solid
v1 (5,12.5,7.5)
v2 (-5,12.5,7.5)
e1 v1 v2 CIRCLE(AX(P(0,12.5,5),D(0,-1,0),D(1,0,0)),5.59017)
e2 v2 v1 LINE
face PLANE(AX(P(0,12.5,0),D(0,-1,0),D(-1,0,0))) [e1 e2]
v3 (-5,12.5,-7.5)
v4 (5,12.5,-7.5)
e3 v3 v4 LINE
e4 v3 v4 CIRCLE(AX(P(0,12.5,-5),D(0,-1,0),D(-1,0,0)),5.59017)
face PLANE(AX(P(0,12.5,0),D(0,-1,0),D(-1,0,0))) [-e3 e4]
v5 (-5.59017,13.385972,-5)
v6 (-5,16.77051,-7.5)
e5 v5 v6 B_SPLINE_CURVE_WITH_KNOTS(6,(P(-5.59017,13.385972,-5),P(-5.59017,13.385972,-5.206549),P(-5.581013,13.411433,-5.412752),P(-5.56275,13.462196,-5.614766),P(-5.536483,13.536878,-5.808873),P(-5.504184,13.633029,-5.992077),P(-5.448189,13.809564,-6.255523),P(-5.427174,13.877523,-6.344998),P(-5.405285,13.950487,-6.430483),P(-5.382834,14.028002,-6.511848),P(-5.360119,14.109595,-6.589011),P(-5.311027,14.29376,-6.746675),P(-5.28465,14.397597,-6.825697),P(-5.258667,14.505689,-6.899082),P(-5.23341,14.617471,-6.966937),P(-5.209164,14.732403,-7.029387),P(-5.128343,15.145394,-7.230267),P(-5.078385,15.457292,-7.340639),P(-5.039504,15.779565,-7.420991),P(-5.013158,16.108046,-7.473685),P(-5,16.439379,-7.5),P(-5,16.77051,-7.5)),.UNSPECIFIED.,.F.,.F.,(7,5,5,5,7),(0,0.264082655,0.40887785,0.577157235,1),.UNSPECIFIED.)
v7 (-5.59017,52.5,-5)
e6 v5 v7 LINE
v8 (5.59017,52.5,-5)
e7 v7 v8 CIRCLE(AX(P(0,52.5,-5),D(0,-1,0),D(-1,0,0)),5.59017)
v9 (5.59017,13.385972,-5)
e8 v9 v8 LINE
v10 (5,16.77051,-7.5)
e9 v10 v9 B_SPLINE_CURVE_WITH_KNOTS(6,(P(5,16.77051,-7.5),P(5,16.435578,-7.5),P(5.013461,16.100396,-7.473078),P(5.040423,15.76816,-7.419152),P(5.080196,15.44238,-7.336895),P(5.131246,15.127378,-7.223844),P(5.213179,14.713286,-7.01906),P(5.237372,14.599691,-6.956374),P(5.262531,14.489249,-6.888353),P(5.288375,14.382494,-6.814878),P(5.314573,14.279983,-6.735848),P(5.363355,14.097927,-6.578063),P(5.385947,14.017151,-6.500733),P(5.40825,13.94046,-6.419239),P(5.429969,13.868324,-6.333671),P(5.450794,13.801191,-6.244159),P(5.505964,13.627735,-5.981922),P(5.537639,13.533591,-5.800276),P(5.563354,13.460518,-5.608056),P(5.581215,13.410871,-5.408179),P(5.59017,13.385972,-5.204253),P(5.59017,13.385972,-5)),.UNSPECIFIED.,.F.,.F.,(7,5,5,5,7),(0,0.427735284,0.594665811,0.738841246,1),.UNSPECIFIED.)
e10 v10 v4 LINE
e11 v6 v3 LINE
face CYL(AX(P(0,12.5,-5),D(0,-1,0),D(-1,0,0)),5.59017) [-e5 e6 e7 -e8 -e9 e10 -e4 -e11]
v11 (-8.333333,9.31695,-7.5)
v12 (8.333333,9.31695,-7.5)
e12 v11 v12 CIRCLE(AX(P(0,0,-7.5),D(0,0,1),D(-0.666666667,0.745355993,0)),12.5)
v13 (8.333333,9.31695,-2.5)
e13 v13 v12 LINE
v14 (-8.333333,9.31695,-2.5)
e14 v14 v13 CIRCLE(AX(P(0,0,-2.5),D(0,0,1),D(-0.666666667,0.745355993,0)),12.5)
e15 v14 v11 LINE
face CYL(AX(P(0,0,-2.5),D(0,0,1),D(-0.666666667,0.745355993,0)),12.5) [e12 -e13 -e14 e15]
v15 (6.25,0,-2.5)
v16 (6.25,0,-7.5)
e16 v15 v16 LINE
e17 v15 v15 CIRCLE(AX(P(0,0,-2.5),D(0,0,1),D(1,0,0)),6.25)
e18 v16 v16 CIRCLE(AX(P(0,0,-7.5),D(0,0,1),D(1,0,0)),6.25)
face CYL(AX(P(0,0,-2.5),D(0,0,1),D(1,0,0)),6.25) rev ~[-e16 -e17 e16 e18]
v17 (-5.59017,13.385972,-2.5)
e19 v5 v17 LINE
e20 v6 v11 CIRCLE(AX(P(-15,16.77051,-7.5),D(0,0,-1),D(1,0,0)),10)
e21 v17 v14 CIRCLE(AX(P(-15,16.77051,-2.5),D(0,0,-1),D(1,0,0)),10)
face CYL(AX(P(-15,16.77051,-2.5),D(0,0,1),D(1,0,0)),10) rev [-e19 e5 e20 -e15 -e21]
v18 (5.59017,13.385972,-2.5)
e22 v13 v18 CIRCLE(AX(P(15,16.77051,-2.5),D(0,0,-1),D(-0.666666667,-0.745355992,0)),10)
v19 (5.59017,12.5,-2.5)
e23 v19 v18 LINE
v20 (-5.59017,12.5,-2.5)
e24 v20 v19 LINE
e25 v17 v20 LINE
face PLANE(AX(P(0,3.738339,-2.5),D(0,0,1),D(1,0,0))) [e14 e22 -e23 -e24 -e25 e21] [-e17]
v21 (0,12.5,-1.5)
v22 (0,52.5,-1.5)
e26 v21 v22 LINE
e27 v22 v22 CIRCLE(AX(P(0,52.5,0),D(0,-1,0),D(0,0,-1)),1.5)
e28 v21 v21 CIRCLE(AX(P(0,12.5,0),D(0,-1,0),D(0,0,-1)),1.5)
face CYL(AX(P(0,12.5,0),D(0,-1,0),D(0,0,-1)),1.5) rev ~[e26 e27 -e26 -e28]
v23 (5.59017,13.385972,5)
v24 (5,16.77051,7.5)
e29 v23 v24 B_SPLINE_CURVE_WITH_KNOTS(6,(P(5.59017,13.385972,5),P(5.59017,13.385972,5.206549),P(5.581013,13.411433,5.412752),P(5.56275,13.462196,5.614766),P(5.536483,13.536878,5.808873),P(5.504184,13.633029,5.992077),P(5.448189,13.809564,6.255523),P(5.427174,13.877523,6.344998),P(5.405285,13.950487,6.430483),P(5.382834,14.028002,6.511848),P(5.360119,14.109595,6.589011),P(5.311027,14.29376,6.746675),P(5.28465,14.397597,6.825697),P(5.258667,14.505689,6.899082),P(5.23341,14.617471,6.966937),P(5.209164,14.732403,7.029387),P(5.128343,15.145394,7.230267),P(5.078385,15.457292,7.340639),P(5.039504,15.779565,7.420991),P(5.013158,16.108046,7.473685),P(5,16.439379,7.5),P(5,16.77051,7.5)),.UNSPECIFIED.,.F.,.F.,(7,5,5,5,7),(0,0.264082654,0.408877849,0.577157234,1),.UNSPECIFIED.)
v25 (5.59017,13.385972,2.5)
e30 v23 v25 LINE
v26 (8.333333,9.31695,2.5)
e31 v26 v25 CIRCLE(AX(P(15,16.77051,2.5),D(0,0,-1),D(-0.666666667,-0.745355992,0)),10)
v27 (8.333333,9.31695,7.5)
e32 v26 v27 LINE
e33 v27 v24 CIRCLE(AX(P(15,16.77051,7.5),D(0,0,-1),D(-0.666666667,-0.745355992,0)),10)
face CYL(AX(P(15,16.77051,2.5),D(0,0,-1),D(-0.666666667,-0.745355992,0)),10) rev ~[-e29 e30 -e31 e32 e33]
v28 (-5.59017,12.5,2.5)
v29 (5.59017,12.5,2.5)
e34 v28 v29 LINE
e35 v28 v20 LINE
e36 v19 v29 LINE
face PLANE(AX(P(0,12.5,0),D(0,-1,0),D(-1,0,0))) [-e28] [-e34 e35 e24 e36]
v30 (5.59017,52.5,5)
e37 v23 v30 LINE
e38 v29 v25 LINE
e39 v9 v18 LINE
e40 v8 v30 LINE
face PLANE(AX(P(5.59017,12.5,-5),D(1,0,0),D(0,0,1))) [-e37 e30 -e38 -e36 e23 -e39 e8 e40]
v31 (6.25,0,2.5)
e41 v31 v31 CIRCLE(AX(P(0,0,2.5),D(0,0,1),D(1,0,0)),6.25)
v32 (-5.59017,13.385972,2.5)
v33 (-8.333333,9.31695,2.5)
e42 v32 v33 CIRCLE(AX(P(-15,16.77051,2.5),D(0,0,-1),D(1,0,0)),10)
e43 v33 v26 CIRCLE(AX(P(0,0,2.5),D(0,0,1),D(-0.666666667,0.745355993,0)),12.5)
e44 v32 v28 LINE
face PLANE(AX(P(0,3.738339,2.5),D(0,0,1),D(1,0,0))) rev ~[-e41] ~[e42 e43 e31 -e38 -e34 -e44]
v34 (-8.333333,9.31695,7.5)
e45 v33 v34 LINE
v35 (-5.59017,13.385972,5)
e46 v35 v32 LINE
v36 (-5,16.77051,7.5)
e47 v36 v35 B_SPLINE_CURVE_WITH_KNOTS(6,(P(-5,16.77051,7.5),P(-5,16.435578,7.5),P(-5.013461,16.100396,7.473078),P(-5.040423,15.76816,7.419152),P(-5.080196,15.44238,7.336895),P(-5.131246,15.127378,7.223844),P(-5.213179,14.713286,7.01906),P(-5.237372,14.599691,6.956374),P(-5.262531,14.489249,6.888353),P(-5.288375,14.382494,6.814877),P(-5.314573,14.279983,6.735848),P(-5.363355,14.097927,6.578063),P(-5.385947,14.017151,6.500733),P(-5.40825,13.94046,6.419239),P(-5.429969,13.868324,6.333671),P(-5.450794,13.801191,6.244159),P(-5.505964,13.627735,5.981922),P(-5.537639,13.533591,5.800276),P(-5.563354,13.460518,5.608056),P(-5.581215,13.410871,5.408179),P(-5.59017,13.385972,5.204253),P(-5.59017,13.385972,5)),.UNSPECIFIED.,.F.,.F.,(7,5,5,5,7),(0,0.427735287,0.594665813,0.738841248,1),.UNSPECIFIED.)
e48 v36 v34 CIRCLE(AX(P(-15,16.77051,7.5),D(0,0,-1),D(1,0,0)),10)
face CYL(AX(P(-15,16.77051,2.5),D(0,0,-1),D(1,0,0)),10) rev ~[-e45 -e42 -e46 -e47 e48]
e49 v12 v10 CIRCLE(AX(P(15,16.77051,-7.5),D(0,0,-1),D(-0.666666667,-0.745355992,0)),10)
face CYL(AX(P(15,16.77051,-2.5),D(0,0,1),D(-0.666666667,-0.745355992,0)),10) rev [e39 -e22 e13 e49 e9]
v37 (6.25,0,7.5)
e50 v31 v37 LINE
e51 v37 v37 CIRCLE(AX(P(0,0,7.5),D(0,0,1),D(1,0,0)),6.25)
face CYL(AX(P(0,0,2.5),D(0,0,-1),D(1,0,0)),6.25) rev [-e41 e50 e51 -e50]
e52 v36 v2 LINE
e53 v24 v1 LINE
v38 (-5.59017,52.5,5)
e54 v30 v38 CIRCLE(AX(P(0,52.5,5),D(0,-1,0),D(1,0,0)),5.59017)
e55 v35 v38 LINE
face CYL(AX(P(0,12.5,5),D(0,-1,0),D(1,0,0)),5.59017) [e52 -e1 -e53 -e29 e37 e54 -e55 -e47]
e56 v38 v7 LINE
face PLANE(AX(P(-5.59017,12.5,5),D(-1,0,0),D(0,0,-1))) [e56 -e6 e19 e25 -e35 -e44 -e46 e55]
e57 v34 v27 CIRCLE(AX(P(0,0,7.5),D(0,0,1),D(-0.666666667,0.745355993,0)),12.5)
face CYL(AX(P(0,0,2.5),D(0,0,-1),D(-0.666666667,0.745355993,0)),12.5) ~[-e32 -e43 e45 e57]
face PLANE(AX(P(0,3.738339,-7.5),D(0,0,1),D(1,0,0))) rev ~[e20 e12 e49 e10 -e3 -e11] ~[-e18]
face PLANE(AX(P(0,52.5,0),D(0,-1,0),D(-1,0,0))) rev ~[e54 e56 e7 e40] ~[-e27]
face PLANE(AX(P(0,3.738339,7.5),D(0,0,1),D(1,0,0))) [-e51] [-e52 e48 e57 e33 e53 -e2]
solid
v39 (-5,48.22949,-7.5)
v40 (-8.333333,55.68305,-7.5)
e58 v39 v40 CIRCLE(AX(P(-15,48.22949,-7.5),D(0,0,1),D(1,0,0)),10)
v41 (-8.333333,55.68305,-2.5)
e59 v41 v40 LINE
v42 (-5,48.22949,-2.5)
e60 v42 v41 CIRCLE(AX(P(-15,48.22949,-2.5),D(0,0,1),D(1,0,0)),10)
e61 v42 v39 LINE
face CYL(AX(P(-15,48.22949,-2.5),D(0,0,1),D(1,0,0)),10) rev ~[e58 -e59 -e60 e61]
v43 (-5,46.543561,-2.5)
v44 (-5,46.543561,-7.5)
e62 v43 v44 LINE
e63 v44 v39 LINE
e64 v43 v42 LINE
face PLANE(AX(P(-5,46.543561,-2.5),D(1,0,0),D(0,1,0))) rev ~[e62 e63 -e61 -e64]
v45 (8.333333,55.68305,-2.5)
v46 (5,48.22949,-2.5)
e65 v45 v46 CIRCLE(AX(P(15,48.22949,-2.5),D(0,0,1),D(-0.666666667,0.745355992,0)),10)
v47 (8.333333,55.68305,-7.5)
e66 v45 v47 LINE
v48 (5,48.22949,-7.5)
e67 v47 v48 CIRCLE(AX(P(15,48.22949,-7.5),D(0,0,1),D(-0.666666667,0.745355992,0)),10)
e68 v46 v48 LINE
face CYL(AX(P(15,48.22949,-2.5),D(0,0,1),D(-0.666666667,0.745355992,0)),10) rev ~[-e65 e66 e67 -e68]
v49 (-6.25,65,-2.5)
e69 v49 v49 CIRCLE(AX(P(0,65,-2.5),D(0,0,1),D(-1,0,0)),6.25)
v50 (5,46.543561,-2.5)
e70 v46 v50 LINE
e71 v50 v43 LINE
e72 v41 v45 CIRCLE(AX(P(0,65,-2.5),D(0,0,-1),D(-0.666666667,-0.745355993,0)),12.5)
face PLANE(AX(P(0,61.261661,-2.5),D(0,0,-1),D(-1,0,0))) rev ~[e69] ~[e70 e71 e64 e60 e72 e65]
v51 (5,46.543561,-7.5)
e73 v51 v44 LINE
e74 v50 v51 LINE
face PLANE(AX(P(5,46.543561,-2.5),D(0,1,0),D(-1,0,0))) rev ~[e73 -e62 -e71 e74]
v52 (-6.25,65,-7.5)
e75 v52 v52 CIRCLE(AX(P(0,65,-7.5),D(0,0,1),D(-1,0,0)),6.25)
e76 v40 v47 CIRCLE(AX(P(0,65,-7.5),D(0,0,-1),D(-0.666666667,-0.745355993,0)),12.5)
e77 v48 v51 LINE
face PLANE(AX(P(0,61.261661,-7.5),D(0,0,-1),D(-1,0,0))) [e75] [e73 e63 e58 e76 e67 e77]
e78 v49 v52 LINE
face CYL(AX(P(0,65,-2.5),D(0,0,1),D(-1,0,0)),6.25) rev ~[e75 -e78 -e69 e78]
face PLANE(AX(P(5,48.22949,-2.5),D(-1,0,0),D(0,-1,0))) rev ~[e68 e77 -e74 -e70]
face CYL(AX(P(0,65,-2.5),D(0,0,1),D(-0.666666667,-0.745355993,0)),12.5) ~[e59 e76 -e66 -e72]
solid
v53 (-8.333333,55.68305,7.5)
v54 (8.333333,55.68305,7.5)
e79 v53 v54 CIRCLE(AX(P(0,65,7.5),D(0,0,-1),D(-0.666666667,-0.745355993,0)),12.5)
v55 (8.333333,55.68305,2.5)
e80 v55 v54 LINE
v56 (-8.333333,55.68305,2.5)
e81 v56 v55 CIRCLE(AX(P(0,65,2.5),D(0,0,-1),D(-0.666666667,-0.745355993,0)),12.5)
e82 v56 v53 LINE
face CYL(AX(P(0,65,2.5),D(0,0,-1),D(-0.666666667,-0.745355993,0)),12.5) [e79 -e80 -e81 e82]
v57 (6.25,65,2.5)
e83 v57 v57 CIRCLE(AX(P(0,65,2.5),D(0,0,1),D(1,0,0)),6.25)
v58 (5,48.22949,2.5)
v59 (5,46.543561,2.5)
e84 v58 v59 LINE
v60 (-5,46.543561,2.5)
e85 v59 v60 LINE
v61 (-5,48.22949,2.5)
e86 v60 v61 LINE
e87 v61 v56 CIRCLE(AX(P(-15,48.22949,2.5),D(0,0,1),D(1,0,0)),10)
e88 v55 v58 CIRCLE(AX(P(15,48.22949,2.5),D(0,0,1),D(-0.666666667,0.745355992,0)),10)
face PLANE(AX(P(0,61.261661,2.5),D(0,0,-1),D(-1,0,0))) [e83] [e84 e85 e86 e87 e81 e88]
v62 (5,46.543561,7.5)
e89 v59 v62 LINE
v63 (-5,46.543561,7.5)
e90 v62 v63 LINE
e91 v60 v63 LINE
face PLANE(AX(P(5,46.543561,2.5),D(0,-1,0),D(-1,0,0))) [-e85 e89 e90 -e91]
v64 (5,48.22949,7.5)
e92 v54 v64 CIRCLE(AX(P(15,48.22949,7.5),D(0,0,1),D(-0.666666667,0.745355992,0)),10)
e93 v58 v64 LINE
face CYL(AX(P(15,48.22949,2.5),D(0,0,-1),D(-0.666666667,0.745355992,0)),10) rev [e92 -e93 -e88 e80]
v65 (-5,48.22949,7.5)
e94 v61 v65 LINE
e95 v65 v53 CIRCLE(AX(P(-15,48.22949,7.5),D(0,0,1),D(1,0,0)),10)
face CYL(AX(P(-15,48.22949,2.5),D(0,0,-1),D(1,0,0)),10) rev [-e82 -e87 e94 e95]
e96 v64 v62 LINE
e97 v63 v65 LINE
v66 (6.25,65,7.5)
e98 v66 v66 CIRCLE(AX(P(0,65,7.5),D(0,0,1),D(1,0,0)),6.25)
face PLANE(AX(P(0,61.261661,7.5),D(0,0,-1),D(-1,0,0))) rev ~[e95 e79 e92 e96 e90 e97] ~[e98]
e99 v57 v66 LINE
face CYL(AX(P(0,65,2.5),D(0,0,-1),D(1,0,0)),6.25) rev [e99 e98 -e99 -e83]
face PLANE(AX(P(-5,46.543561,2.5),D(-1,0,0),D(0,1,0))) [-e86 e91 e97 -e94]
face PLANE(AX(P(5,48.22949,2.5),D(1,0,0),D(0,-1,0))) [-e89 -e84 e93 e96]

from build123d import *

# Parameters (mm, degrees)
BOSS_EXTRUDE1_START   = 2.5
SKETCH1_R             = 6.25
BOSS_EXTRUDE1_DEPTH   = 5
BOSS_EXTRUDE1_2_DEPTH = 5
BOSS_EXTRUDE2_START   = -2.5
SKETCH1_2_R           = 6.25
BOSS_EXTRUDE2_DEPTH   = 5
BOSS_EXTRUDE2_2_DEPTH = 5
BOSS_EXTRUDE3_START   = 12.5
BOSS_EXTRUDE3_DEPTH   = 40
SKETCH3_R             = 1.5
CUT_EXTRUDE1_DEPTH    = 64


with BuildPart() as part:
    # Sketch1 → Boss-Extrude1 (new body)
    with BuildSketch(Plane.XY.offset(BOSS_EXTRUDE1_START)):
        with BuildLine():
            Line((5, 16.770509831), (5, 18.456439237))
            Line((5, 18.456439237), (-5, 18.456439237))
            Line((-5, 18.456439237), (-5, 16.770509831))
            ThreePointArc((-5, 16.770509831), (-5.871290708, 12.688026927), (-8.333333333, 9.316949906))
            ThreePointArc((-8.333333333, 9.316949906), (0, -12.5), (8.333333333, 9.316949906))
            ThreePointArc((8.333333333, 9.316949906), (5.871290708, 12.688026927), (5, 16.770509831))
        make_face()
        Circle(SKETCH1_R, mode=Mode.SUBTRACT)
    extrude(amount=BOSS_EXTRUDE1_DEPTH)



with BuildPart() as body_2:
    # Sketch1 → Boss-Extrude1 2 (new body)
    with BuildSketch(Plane.XY.offset(BOSS_EXTRUDE1_START)):
        with BuildLine():
            Line((-5, 48.229490169), (-5, 46.543560763))
            Line((-5, 46.543560763), (5, 46.543560763))
            Line((5, 46.543560763), (5, 48.229490169))
            ThreePointArc((5, 48.229490169), (5.871290708, 52.311973073), (8.333333333, 55.683050094))
            ThreePointArc((8.333333333, 55.683050094), (0, 77.5), (-8.333333333, 55.683050094))
            ThreePointArc((-8.333333333, 55.683050094), (-5.871290708, 52.311973073), (-5, 48.229490169))
        make_face()
        with Locations((0, 65)):
            Circle(SKETCH1_R, mode=Mode.SUBTRACT)
    extrude(amount=BOSS_EXTRUDE1_2_DEPTH)


with BuildPart() as body_3:
    # Sketch1<2> → Boss-Extrude2 (new body)
    with BuildSketch(Plane.XY.offset(BOSS_EXTRUDE2_START)):
        with BuildLine():
            Line((5, 16.770509831), (5, 18.456439237))
            Line((5, 18.456439237), (-5, 18.456439237))
            Line((-5, 18.456439237), (-5, 16.770509831))
            ThreePointArc((-5, 16.770509831), (-5.871290708, 12.688026927), (-8.333333333, 9.316949906))
            ThreePointArc((-8.333333333, 9.316949906), (0, -12.5), (8.333333333, 9.316949906))
            ThreePointArc((8.333333333, 9.316949906), (5.871290708, 12.688026927), (5, 16.770509831))
        make_face()
        Circle(SKETCH1_2_R, mode=Mode.SUBTRACT)
    extrude(amount=-BOSS_EXTRUDE2_DEPTH)


with BuildPart() as body_4:
    # Sketch1<2> → Boss-Extrude2 2 (new body)
    with BuildSketch(Plane.XY.offset(BOSS_EXTRUDE2_START)):
        with BuildLine():
            Line((-5, 48.229490169), (-5, 46.543560763))
            Line((-5, 46.543560763), (5, 46.543560763))
            Line((5, 46.543560763), (5, 48.229490169))
            ThreePointArc((5, 48.229490169), (5.871290708, 52.311973073), (8.333333333, 55.683050094))
            ThreePointArc((8.333333333, 55.683050094), (0, 77.5), (-8.333333333, 55.683050094))
            ThreePointArc((-8.333333333, 55.683050094), (-5.871290708, 52.311973073), (-5, 48.229490169))
        make_face()
        with Locations((0, 65)):
            Circle(SKETCH1_2_R, mode=Mode.SUBTRACT)
    extrude(amount=-BOSS_EXTRUDE2_2_DEPTH)


with BuildPart() as part_1:
    add(part.part)

    add(body_3.part)  # Boss-Extrude3 merges body 3
    # Sketch2 → Boss-Extrude3 (add)
    with BuildSketch(Plane(origin=(0, 0, 0), x_dir=(1, 0, 0), z_dir=(0, 1, 0)).offset(BOSS_EXTRUDE3_START)):
        with BuildLine():
            Line((5.590169944, 5), (5.590169944, -5))
            ThreePointArc((5.590169944, -5), (0, -10.590169944), (-5.590169944, -5))
            Line((-5.590169944, -5), (-5.590169944, 5))
            ThreePointArc((-5.590169944, 5), (0, 10.590169944), (5.590169944, 5))
        make_face()
    extrude(amount=BOSS_EXTRUDE3_DEPTH)

    # Sketch3 → Cut-Extrude1 (cut)
    with BuildSketch(Plane.XZ.offset(-12.5)):
        Circle(SKETCH3_R)
    extrude(amount=-CUT_EXTRUDE1_DEPTH, mode=Mode.SUBTRACT)


solid = Compound([body_2.part, body_4.part, part_1.part])
